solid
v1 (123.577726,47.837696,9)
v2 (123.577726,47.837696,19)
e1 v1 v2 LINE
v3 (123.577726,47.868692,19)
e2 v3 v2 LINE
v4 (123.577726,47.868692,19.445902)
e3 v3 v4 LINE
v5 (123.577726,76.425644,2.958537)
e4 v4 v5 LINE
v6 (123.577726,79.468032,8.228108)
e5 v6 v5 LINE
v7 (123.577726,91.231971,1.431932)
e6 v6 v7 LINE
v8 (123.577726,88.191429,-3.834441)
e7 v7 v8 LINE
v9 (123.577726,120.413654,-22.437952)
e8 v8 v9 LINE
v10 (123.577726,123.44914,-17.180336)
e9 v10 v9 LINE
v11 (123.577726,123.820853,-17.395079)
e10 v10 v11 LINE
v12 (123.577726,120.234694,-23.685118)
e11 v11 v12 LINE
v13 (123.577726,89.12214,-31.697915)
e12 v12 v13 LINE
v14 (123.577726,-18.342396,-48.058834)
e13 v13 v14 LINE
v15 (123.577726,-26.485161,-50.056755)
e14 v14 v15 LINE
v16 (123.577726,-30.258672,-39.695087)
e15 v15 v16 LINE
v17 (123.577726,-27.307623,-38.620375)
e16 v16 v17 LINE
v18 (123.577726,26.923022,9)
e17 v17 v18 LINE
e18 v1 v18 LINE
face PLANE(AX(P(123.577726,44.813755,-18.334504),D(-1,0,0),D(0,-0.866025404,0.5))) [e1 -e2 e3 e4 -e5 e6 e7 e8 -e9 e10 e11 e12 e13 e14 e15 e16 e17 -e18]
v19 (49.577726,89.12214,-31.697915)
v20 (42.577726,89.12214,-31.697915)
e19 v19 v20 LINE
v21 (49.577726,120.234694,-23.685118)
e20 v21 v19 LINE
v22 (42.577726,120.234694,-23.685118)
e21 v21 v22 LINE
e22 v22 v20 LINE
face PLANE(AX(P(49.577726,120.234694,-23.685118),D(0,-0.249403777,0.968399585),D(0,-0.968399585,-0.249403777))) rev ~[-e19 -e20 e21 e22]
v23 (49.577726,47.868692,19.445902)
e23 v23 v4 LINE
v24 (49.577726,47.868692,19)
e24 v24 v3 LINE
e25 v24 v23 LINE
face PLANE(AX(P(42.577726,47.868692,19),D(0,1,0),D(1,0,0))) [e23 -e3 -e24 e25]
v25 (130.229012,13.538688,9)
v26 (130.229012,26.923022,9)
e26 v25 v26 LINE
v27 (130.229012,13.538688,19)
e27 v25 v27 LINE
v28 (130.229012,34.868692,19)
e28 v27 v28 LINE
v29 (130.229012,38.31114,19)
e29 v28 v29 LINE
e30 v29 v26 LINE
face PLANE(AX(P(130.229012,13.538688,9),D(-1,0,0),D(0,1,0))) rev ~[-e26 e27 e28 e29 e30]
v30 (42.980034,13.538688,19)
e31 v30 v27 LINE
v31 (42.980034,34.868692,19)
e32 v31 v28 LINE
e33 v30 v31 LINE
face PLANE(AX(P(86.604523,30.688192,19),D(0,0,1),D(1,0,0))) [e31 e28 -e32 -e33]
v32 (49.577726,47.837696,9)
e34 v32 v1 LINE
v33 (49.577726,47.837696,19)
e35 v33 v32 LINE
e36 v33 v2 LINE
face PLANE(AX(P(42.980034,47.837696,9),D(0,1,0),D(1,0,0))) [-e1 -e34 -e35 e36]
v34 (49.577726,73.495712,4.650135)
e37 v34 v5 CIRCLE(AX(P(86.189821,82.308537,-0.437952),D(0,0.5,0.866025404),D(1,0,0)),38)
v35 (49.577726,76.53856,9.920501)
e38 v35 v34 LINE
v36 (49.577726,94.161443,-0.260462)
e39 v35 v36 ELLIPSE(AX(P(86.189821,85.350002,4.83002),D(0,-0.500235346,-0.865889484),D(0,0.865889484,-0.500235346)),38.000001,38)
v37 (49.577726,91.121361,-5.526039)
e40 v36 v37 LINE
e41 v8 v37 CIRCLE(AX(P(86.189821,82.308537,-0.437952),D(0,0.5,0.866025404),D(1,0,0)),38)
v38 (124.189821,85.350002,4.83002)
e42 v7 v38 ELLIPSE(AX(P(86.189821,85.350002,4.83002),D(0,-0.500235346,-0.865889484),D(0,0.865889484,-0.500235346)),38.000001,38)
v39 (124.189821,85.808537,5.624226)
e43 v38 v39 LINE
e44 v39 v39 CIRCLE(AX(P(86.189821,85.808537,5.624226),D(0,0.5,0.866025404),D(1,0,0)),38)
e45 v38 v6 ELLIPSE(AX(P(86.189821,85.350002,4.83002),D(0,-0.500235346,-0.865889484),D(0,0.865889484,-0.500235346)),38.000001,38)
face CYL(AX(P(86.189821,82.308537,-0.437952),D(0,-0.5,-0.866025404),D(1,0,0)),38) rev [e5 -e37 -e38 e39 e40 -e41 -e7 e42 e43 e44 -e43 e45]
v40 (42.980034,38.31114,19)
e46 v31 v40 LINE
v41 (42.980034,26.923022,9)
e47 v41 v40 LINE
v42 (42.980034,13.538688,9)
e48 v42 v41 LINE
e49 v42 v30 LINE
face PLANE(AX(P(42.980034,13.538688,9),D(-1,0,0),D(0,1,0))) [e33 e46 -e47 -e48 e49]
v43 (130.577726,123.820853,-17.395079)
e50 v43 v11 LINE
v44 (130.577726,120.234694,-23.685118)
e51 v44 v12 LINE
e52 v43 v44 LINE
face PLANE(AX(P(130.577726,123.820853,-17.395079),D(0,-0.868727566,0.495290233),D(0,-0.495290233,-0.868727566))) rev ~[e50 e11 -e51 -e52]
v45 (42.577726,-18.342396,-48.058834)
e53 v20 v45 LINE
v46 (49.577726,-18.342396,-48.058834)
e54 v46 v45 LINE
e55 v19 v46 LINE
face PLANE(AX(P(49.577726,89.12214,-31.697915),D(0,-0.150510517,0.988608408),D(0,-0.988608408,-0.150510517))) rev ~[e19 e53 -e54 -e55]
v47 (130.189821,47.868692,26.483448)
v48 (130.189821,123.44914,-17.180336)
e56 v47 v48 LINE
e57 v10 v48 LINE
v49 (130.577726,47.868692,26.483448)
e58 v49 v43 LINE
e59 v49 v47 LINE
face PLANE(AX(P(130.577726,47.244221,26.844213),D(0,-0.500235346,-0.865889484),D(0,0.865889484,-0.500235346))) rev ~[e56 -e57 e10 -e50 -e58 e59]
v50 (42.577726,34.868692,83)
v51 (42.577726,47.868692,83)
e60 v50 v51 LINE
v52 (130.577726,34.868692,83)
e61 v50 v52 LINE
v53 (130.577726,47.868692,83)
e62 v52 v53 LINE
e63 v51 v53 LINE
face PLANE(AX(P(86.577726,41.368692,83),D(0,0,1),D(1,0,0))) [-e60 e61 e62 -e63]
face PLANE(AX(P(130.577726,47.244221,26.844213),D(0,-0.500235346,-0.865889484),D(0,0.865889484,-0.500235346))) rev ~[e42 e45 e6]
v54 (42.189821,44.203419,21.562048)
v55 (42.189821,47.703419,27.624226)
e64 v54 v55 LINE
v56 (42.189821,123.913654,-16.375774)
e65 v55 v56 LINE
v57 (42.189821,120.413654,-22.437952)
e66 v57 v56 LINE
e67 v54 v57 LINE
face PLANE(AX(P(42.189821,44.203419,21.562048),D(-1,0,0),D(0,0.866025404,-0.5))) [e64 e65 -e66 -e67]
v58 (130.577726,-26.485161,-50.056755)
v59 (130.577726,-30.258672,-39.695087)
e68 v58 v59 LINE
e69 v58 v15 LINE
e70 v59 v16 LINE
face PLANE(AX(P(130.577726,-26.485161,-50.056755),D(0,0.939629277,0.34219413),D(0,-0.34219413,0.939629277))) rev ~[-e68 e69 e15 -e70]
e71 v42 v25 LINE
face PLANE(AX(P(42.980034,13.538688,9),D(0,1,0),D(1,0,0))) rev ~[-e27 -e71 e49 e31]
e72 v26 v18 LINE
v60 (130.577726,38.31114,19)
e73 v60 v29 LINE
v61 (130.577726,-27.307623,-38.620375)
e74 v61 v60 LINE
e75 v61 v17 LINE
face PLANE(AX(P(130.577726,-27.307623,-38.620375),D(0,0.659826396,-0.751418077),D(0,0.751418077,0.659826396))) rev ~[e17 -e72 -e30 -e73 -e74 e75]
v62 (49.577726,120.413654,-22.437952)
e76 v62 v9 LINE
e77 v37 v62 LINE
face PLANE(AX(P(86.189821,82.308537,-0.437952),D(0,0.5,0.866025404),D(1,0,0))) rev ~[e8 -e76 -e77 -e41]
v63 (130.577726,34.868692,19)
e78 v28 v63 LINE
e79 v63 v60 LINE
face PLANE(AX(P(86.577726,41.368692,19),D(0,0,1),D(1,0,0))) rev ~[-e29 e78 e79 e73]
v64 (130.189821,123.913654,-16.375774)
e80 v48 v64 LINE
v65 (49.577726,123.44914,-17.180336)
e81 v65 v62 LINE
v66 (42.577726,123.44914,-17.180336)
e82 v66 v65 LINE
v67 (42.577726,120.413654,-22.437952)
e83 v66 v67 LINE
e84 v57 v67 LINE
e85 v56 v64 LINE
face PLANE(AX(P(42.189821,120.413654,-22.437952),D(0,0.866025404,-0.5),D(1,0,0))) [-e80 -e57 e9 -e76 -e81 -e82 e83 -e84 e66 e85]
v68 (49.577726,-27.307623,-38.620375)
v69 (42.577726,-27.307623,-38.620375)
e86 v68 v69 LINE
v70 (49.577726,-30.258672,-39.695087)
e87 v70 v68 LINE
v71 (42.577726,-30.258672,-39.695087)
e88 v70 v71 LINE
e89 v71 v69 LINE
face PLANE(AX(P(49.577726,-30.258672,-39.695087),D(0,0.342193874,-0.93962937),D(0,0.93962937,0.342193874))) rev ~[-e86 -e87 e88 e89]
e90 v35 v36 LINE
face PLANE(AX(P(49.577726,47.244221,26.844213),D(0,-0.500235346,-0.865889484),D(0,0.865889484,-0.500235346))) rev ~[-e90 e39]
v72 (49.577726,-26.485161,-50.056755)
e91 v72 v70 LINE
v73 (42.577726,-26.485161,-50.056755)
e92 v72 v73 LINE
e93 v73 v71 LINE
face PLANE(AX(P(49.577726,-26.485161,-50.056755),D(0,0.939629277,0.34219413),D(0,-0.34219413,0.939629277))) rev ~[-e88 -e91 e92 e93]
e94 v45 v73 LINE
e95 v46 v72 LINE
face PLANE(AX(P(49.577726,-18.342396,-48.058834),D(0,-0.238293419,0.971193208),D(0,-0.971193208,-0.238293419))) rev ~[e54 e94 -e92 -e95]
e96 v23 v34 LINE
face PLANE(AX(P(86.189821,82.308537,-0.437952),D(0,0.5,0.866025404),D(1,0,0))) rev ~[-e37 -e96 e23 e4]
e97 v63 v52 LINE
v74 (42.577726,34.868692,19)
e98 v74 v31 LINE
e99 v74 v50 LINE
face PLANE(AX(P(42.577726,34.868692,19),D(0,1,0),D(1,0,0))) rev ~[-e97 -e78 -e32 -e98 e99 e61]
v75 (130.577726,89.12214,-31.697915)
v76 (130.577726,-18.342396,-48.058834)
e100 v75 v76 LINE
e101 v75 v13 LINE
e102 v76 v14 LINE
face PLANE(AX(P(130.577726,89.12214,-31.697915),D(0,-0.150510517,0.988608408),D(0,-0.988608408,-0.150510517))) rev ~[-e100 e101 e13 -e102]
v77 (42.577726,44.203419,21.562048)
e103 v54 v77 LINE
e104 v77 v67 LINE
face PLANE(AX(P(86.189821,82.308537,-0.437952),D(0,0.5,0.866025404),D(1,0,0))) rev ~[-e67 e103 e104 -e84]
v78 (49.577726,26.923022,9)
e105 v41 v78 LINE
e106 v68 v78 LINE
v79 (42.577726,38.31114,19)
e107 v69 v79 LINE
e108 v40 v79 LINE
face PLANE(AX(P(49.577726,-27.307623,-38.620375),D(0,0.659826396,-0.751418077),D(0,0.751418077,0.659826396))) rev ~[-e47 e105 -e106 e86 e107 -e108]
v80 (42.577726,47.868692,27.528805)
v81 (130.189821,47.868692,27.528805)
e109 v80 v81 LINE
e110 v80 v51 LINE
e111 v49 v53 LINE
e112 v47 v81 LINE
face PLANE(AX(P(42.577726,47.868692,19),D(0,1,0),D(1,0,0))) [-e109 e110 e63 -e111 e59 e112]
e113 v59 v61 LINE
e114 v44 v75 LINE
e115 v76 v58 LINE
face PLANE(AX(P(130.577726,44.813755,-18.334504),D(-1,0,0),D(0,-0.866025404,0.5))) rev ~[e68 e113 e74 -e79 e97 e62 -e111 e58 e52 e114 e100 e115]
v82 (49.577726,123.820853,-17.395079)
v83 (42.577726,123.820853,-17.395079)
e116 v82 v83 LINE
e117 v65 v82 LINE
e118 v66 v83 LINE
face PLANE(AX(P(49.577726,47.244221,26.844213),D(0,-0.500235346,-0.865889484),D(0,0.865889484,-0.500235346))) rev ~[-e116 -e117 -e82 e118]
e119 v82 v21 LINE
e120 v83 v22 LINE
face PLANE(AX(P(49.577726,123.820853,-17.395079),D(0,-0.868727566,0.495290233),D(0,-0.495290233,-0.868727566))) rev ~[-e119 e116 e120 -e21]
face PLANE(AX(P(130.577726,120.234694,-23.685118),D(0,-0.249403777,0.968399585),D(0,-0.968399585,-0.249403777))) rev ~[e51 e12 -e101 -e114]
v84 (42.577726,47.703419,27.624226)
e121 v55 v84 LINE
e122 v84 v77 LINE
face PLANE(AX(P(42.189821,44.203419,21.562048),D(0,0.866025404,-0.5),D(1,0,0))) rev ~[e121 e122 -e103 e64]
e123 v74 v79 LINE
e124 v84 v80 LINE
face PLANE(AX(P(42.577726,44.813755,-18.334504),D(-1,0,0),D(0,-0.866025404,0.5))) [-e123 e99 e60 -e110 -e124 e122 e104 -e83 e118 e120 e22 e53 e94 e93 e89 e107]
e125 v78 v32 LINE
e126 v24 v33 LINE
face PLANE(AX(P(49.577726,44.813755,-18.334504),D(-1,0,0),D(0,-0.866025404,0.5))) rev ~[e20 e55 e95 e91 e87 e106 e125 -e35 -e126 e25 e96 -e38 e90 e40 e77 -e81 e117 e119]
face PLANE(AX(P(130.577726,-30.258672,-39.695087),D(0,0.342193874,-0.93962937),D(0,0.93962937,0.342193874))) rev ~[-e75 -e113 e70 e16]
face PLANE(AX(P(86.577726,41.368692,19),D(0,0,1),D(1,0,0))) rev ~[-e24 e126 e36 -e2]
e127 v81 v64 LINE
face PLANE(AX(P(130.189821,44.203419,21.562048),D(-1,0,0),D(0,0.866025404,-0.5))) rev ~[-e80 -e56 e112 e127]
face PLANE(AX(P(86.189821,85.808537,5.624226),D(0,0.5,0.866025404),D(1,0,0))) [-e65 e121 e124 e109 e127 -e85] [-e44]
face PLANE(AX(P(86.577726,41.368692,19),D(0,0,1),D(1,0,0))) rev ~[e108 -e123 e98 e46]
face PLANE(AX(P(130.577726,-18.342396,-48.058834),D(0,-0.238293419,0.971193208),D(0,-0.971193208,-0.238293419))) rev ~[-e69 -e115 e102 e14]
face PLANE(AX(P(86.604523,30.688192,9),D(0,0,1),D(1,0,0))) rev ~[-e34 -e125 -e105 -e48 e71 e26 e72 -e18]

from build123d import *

# Parameters (mm, degrees)
EXTRUDE008_DEPTH                          = 7
EXTRUDE008_ONTO_SKETCH008_ROLL_ANGLE      = 90
EXTRUDE008_ONTO_SKETCH008_PITCH_ANGLE     = -30
EXTRUDE008_ONTO_SKETCH008_PLACEMENT_ANGLE = -90
SKETCH004_W                               = 87.248978
SKETCH004_H                               = 34.299007
EXTRUDE004_DEPTH                          = 10
EXTRUDE006_DEPTH                          = 7
EXTRUDE006_ONTO_SKETCH_ROLL_ANGLE         = 90
EXTRUDE006_ONTO_SKETCH_PITCH_ANGLE        = -30
EXTRUDE006_ONTO_SKETCH_PLACEMENT_ANGLE    = -90
SKETCH007_W                               = 88
SKETCH007_H                               = 88
SKETCH007_R                               = 38
EXTRUDE007_DEPTH                          = 7
EXTRUDE007_PLACEMENT_ANGLE                = 30
SKETCH005_W                               = 88
SKETCH005_H                               = 13
EXTRUDE005_DEPTH                          = 64


with BuildPart() as extrude008:
    # Sketch008 as drawn → Extrude008 (new)
    with BuildSketch(Plane.XY):
        Polygon((-123.305188, 6.070855), (-123.344503, -1.169558), (-100.406639, -23.66512), (-15.520081, -91.56636), (-9.4672, -97.367993), (-1.018409, -90.281281), (-3.036737, -87.875028), (-34.868234, 6.09489), align=None)
    extrude(amount=EXTRUDE008_DEPTH)


with BuildPart() as extrude008_1:
    # Extrude008 onto Sketch008 roll: moved
    add(extrude008.part.rotate(Axis((0, 0, 0), (1, 0, 0)), EXTRUDE008_ONTO_SKETCH008_ROLL_ANGLE))


with BuildPart() as extrude008_2:
    # Extrude008 onto Sketch008 pitch: moved
    add(extrude008_1.part.rotate(Axis((0, 0, 0), (0, 1, 0)), EXTRUDE008_ONTO_SKETCH008_PITCH_ANGLE))


with BuildPart() as extrude008_3:
    # Extrude008 onto Sketch008 placement: moved
    add(extrude008_2.part.moved(Location((42.577726, 14, 39))).rotate(Axis((42.577726, 14, 39), (0, 0, 1)), EXTRUDE008_ONTO_SKETCH008_PLACEMENT_ANGLE))


with BuildPart() as extrude008_4:
    # Extrude008 placement: moved
    add(extrude008_3.part.moved(Location((7, 0, 0))))


with BuildPart() as extrude004:
    # Sketch004 → Extrude004 (new body)
    with BuildSketch(Plane.XY):
        with Locations((83.604523, 30.688192)):
            Rectangle(SKETCH004_W, SKETCH004_H)
    extrude(amount=EXTRUDE004_DEPTH)


with BuildPart() as extrude004_1:
    # Extrude004 placement: moved
    add(extrude004.part.moved(Location((3, 0, 9))))


with BuildPart() as extrude006:
    # Sketch as drawn → Extrude006 (new)
    with BuildSketch(Plane.XY):
        Polygon((-123.305188, 6.070855), (-123.344503, -1.169558), (-100.406639, -23.66512), (-15.520081, -91.56636), (-9.4672, -97.367993), (-1.018409, -90.281281), (-3.036737, -87.875028), (-34.868234, 6.09489), align=None)
    extrude(amount=EXTRUDE006_DEPTH)


with BuildPart() as extrude006_1:
    # Extrude006 onto Sketch roll: moved
    add(extrude006.part.rotate(Axis((0, 0, 0), (1, 0, 0)), EXTRUDE006_ONTO_SKETCH_ROLL_ANGLE))


with BuildPart() as extrude006_2:
    # Extrude006 onto Sketch pitch: moved
    add(extrude006_1.part.rotate(Axis((0, 0, 0), (0, 1, 0)), EXTRUDE006_ONTO_SKETCH_PITCH_ANGLE))


with BuildPart() as extrude006_3:
    # Extrude006 onto Sketch placement: moved
    add(extrude006_2.part.moved(Location((42.577726, 14, 39))).rotate(Axis((42.577726, 14, 39), (0, 0, 1)), EXTRUDE006_ONTO_SKETCH_PLACEMENT_ANGLE))


with BuildPart() as extrude006_4:
    # Extrude006 placement: moved
    add(extrude006_3.part.moved(Location((88, 0, 0))))


with BuildPart() as extrude007:
    # Sketch007 → Extrude007 (new body)
    with BuildSketch(Plane.XY):
        with Locations((83.189821, 78.875904)):
            Rectangle(SKETCH007_W, SKETCH007_H)
        with Locations((83.189821, 78.875904)):
            Circle(SKETCH007_R, mode=Mode.SUBTRACT)
    extrude(amount=EXTRUDE007_DEPTH)


with BuildPart() as extrude007_1:
    # Extrude007 placement: moved
    add(extrude007.part.moved(Location((3, 14, 39))).rotate(Axis((3, 14, 39), (-1, 0, 0)), EXTRUDE007_PLACEMENT_ANGLE))


with BuildPart() as suporte2:
    # Sketch005 → Extrude005 (new body)
    with BuildSketch(Plane.XY):
        with Locations((83.577726, 41.368692)):
            Rectangle(SKETCH005_W, SKETCH005_H)
    extrude(amount=EXTRUDE005_DEPTH)


with BuildPart() as suporte2_1:
    # Extrude005 placement: moved
    add(suporte2.part.moved(Location((3, 0, 19))))

    # Fusion: union Extrude008, Extrude004, Extrude006, Extrude007
    add(extrude008_4.part)
    add(extrude004_1.part)
    add(extrude006_4.part)
    add(extrude007_1.part)


solid = suporte2_1.part
